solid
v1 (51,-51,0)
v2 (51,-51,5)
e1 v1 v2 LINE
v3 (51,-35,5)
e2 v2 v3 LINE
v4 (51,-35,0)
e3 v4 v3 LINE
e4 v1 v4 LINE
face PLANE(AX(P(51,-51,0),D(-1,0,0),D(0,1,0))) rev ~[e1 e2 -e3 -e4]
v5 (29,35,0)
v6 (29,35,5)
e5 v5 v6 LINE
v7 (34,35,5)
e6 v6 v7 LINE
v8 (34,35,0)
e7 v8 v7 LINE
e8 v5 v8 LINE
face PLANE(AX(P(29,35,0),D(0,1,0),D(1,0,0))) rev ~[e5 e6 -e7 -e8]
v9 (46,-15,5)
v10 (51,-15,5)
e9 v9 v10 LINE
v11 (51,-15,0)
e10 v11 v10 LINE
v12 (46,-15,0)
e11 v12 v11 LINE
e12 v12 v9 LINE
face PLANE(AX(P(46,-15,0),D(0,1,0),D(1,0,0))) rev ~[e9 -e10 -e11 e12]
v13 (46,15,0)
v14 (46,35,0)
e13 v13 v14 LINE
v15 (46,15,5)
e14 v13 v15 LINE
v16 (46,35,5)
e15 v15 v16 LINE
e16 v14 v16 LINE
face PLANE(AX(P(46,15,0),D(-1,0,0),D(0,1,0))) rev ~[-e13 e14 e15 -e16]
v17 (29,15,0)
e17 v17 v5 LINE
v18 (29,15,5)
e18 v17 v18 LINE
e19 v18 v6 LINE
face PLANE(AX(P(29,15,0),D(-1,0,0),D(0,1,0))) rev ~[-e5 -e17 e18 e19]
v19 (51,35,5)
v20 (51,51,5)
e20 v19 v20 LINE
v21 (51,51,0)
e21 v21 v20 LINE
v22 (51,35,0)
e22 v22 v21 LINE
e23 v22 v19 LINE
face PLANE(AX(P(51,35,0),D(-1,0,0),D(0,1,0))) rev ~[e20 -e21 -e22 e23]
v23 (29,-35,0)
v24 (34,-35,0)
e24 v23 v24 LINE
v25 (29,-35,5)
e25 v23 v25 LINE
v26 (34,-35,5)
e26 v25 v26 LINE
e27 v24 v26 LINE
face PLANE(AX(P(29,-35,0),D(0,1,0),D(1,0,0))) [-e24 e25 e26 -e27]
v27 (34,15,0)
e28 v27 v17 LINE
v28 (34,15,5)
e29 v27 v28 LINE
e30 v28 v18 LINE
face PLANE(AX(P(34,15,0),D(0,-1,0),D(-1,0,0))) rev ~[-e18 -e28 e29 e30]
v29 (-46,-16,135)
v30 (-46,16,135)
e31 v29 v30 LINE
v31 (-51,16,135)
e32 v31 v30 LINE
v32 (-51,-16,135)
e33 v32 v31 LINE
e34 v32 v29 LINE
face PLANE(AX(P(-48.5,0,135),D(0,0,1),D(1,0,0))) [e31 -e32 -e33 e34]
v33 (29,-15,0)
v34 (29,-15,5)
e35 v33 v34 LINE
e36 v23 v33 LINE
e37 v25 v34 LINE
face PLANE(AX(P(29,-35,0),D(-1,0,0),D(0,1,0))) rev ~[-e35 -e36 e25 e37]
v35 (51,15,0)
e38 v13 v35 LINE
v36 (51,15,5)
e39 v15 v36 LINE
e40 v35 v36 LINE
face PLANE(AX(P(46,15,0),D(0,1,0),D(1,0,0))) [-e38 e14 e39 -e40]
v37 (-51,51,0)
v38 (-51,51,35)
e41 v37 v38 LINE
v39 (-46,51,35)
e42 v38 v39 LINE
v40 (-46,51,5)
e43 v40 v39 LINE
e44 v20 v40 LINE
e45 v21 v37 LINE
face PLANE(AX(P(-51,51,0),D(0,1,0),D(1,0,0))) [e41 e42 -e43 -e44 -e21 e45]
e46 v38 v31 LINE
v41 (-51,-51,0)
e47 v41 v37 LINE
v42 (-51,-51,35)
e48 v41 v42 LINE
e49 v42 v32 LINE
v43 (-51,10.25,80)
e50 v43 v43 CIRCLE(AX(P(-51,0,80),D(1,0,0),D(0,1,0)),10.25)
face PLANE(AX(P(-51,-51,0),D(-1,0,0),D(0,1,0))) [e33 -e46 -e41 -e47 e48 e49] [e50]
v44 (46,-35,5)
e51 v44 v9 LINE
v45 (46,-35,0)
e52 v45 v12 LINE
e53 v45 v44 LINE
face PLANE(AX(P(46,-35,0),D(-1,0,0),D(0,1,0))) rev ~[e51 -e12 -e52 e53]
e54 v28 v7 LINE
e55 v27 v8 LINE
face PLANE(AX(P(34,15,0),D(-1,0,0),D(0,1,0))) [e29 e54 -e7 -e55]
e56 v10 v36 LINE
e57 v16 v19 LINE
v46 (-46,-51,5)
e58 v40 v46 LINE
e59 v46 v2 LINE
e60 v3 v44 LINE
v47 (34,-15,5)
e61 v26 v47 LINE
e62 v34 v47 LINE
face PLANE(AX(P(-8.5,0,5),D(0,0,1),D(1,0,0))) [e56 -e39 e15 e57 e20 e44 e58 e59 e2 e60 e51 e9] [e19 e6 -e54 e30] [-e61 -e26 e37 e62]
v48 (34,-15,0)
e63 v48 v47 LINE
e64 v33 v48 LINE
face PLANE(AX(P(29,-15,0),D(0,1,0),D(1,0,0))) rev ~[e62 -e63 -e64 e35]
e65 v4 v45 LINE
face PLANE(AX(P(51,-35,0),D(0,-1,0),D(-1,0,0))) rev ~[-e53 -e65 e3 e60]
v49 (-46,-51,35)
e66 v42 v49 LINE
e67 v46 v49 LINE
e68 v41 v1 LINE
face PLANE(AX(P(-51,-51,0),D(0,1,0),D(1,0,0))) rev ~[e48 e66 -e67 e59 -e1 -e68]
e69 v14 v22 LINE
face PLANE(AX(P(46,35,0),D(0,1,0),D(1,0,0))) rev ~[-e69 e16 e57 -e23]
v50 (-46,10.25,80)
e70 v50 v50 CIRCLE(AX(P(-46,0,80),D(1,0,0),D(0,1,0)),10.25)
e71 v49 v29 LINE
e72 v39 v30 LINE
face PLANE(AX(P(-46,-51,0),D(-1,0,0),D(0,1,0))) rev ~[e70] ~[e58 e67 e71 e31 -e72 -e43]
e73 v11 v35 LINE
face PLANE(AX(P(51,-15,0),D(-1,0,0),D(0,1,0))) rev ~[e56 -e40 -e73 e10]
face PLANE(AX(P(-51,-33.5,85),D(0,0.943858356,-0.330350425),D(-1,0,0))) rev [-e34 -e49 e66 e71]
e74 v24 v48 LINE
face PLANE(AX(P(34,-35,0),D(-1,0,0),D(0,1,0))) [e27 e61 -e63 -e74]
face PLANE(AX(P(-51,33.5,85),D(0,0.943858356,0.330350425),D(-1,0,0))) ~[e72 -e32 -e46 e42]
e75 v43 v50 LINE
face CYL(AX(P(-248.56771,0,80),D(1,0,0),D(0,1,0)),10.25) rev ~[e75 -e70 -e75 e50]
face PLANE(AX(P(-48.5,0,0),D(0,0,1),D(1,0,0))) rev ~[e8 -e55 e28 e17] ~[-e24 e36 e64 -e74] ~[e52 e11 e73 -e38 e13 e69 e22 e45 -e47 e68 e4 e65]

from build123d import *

# Parameters (mm, degrees)
F0_W       = 5
F0_H       = 16
F0_W_2     = 12
F0_H_2     = 30
F0_H_3     = 20
F1_DEPTH   = 5
F0_H_4     = 102
F2_DEPTH   = 135
F3_SIZE2   = 35
F3_SIZE    = 100
F3_2_SIZE2 = 35
F3_2_SIZE  = 100
F5_D       = 20.5


with BuildPart() as f1:
    # F0 (on Top) → F1 (new body)
    with BuildSketch(Plane.XY):
        Polygon((29, 35), (29, 51), (-46, 51), (-46, -51), (29, -51), (29, -35), (29, -15), (29, 15), align=None)
        with Locations((31.5, 43)):
            Rectangle(F0_W, F0_H)
        with Locations((40, 43)):
            Rectangle(F0_W_2, F0_H)
        with Locations((31.5, 0)):
            Rectangle(F0_W, F0_H_2)
        with Locations((40, 0)):
            Rectangle(F0_W_2, F0_H_2)
        with Locations((31.5, -43)):
            Rectangle(F0_W, F0_H)
        with Locations((40, -25)):
            Rectangle(F0_W_2, F0_H_3)
        with Locations((40, 25)):
            Rectangle(F0_W_2, F0_H_3)
        Polygon((51, -51), (51, -35), (46, -35), (34, -35), (34, -51), align=None)
        with Locations((48.5, 43)):
            Rectangle(F0_W, F0_H)
        with Locations((48.5, 0)):
            Rectangle(F0_W, F0_H_2)
    extrude(amount=F1_DEPTH)

    # F0 (on Top) → F2 (join)
    with BuildSketch(Plane.XY):
        with Locations((-48.5, 0)):
            Rectangle(F0_W, F0_H_4)
    extrude(amount=F2_DEPTH)

    # F3
    f3_edges = [f1.edges().sort_by_distance(p)[0] for p in [
        (-48.5, -51, 135),
    ]]
    f3_side = f1.faces().sort_by_distance((49.307989, -51, 2.5))[0]
    chamfer(f3_edges, length=F3_SIZE, length2=F3_SIZE2, reference=f3_side)

    # F3#2
    f3_2_edges = [f1.edges().sort_by_distance(p)[0] for p in [
        (-48.5, 51, 135),
    ]]
    f3_2_side = f1.faces().sort_by_distance((49.307989, 51, 2.5))[0]
    chamfer(f3_2_edges, length=F3_2_SIZE, length2=F3_2_SIZE2, reference=f3_2_side)

    # F5 (through all)
    with Locations(Plane(origin=(-51, 0, 0), x_dir=(0, -1, 0), z_dir=(-1, 0, 0))):
        with Locations((0, 80)):
            Hole(F5_D / 2)


solid = f1.part
